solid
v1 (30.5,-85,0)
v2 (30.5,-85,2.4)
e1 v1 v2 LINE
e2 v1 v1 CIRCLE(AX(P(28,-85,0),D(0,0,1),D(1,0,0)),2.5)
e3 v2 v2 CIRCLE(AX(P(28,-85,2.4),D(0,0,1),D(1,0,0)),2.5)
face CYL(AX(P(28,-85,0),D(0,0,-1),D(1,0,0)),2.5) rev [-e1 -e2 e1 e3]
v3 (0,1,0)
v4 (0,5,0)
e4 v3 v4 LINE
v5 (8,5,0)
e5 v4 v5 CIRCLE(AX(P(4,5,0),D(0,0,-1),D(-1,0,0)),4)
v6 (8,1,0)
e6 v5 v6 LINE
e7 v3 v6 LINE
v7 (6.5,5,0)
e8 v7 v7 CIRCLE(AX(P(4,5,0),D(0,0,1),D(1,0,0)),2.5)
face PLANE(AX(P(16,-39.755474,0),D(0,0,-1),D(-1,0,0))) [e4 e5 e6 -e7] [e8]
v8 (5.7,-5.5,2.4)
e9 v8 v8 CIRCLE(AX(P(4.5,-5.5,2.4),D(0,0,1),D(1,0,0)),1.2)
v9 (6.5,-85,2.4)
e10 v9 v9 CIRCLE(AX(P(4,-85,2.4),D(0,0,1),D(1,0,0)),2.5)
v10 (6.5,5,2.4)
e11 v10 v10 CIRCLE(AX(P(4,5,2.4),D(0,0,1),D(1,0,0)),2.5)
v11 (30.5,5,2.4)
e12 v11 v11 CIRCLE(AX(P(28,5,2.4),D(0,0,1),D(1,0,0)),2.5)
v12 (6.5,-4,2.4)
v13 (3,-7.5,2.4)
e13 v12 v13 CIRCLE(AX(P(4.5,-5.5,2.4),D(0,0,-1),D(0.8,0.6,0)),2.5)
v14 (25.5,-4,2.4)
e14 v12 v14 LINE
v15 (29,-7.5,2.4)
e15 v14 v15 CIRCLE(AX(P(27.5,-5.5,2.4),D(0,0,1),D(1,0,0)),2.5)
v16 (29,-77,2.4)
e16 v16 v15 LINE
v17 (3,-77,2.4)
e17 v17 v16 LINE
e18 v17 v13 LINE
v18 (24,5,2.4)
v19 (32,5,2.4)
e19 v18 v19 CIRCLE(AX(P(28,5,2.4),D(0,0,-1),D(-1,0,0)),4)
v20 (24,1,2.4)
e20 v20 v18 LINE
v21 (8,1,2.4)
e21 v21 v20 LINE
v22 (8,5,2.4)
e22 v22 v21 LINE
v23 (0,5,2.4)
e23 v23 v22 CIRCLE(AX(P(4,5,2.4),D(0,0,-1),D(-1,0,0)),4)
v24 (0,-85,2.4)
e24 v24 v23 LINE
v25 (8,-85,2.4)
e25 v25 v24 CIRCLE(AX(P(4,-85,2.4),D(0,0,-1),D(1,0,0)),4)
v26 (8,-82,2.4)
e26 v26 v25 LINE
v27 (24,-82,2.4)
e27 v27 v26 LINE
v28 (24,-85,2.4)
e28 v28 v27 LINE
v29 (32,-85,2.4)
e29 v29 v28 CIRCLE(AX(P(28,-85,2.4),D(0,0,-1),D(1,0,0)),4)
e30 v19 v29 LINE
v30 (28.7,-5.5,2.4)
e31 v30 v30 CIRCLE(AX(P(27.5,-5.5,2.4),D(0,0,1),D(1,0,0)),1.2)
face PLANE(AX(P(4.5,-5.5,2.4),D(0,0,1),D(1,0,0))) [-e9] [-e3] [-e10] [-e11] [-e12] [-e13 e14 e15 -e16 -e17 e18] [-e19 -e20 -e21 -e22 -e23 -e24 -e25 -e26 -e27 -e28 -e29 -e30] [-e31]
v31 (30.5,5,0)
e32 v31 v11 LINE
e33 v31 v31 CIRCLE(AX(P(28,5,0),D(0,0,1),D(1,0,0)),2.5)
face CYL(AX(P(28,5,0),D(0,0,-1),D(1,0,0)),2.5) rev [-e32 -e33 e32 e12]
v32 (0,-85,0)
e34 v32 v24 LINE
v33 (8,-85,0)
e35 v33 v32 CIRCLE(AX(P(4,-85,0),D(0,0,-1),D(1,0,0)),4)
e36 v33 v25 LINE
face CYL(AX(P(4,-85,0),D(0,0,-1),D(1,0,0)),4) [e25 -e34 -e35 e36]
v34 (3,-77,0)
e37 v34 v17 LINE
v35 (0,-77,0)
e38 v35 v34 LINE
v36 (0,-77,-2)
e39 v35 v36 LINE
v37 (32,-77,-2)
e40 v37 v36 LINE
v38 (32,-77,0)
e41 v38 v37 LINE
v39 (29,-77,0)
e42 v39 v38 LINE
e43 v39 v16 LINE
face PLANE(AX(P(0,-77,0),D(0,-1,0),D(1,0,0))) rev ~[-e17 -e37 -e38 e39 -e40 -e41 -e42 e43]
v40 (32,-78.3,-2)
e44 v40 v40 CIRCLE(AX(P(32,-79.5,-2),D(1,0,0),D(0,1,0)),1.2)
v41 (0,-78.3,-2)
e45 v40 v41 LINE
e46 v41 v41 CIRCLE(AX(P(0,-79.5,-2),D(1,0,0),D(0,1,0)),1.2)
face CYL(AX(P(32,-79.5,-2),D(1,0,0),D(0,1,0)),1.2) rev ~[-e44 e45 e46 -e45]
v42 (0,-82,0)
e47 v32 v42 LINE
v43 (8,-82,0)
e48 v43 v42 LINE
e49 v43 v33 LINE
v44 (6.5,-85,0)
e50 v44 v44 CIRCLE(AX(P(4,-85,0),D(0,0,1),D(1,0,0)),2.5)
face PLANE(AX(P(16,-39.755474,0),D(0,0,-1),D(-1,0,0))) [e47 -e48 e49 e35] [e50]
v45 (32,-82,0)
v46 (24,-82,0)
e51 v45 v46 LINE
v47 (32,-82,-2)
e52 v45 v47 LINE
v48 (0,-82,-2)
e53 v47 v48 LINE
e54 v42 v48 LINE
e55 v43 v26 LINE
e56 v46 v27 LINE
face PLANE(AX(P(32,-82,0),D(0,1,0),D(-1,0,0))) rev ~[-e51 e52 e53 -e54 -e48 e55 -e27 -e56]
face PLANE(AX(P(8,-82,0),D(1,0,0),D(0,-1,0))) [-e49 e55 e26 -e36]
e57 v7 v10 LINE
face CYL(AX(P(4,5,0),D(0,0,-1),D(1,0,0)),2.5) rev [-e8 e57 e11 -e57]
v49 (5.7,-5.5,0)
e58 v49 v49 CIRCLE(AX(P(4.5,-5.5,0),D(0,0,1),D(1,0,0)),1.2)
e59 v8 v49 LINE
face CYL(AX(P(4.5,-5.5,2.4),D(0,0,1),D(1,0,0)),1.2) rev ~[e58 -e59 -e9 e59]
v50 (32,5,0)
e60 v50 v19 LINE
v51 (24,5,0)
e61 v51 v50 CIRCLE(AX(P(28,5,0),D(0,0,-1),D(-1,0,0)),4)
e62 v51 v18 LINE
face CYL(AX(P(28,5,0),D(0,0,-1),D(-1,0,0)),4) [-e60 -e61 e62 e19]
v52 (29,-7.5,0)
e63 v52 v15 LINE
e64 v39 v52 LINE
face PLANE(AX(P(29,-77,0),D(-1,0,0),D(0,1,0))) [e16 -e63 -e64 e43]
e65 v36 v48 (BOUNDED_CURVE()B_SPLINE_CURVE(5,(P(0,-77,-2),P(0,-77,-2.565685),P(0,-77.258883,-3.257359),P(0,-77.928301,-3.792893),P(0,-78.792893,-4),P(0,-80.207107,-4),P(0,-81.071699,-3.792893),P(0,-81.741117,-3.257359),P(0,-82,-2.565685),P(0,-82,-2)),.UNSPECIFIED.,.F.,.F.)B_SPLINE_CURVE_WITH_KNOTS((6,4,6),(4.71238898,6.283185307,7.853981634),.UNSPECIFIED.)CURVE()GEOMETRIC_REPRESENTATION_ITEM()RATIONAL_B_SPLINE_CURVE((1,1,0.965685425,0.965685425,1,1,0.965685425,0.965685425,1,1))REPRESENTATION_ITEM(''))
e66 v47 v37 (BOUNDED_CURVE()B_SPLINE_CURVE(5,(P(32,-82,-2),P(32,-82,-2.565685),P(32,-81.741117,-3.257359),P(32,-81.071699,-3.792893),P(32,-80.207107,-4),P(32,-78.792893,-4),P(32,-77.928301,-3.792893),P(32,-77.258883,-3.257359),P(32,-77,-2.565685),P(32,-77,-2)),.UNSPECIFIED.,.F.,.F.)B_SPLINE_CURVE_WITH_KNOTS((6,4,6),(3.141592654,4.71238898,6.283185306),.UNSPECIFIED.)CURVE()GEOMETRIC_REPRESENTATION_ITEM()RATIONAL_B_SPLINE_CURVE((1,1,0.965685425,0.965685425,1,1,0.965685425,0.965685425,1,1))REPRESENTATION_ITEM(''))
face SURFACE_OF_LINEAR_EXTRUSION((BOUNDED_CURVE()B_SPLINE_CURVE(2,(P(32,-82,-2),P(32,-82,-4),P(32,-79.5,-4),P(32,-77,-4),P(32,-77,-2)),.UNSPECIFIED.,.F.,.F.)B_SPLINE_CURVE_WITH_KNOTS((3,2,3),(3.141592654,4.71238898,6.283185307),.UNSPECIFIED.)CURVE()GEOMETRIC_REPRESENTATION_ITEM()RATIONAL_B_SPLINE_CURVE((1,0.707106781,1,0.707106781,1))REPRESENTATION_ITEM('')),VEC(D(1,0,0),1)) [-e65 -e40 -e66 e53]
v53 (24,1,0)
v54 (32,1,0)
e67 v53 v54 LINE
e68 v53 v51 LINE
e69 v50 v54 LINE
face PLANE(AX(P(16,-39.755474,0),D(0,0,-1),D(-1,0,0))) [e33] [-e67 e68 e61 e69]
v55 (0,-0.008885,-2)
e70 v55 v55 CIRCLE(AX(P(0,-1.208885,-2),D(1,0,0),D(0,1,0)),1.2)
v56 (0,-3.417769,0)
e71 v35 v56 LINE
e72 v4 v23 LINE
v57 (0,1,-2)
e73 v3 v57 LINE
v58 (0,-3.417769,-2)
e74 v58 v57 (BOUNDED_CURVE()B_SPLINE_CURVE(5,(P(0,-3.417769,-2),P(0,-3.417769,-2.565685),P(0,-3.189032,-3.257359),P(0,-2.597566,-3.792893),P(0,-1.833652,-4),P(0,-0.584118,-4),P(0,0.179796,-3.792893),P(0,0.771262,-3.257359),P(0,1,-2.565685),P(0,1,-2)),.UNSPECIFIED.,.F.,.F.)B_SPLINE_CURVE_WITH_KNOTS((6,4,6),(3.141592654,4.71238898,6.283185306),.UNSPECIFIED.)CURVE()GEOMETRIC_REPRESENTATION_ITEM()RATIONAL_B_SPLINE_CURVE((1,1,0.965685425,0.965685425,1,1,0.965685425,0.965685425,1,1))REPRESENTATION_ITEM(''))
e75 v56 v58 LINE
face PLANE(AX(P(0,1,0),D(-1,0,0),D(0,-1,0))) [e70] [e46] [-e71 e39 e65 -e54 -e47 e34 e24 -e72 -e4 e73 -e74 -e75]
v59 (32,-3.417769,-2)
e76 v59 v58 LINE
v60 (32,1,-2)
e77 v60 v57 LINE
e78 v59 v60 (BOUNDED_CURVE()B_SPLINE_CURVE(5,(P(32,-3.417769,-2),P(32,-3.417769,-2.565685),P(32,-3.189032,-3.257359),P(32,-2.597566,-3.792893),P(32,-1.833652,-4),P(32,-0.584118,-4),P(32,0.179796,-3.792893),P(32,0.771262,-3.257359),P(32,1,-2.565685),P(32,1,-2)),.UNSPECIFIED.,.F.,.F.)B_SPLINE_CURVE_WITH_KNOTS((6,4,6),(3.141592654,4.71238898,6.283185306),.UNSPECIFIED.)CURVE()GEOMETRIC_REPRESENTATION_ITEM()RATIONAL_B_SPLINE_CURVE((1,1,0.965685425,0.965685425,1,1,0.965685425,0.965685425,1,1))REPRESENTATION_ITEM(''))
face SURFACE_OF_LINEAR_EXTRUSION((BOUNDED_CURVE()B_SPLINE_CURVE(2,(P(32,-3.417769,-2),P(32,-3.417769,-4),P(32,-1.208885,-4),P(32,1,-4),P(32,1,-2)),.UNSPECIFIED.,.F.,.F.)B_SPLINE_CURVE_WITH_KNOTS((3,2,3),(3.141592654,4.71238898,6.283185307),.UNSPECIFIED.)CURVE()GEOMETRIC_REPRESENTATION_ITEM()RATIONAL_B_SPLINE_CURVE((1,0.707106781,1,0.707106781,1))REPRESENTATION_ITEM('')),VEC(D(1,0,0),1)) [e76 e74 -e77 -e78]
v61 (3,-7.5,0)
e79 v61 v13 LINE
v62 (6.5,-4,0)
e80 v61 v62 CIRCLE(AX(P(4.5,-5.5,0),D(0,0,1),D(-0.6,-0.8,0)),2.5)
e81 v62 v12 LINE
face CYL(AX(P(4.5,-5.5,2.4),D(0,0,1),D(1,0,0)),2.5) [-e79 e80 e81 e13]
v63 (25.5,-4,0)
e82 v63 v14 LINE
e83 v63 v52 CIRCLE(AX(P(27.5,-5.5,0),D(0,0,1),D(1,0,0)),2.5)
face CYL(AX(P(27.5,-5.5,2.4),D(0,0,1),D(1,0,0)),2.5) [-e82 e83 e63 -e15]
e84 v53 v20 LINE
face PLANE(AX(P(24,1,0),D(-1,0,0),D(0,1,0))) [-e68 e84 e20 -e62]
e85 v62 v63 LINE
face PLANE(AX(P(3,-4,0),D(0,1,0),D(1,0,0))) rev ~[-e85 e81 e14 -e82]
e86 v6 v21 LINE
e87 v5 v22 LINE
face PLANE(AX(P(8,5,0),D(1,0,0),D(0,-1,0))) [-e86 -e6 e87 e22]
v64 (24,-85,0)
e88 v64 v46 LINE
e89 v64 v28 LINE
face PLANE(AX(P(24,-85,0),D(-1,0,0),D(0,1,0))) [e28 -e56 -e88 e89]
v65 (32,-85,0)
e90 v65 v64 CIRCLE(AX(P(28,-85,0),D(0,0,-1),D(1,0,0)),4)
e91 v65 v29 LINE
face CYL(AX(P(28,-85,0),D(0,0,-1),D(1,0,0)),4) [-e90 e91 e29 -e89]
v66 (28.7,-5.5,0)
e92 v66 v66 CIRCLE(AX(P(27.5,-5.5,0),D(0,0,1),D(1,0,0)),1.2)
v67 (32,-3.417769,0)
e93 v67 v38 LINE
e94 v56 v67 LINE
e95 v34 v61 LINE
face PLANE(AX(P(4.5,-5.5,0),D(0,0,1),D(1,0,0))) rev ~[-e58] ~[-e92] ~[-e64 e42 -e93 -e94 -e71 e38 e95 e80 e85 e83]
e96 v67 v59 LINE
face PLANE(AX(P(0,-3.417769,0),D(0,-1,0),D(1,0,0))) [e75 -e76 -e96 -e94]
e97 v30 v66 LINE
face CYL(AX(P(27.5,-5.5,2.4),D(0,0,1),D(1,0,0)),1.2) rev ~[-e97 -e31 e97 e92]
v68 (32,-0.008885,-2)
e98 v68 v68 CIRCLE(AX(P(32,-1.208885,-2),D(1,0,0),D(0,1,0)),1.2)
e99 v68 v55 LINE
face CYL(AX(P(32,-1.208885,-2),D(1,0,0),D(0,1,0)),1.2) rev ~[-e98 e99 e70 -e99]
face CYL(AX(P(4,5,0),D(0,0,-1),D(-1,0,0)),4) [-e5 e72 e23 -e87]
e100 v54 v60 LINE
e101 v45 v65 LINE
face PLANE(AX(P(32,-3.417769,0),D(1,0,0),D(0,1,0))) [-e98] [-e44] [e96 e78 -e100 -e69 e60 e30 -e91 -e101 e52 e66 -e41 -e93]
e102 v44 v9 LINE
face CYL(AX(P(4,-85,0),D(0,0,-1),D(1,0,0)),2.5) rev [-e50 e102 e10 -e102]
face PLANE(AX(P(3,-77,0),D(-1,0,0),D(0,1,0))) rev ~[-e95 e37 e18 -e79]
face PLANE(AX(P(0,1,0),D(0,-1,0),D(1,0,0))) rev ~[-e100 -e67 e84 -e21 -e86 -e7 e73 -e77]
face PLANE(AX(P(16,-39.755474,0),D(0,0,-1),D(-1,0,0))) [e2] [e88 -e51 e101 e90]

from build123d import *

# Parameters (mm, degrees)
SKETCH1_R           = 2.5
SKETCH1_W           = 26
SKETCH1_H           = 73
BOSS_EXTRUDE1_DEPTH = 2.4
BOSS_EXTRUDE2_DEPTH = 4
SKETCH4_R           = 1.2
CUT_EXTRUDE1_DEPTH  = 32
SKETCH5_R           = 1.2
CUT_EXTRUDE2_DEPTH  = 32
SKETCH6_R           = 2.5
BOSS_EXTRUDE3_DEPTH = 2.4
SKETCH7_R           = 1.2
CUT_EXTRUDE3_DEPTH  = 2.4


with BuildPart() as part:
    # Sketch1 → Boss-Extrude1 (new body)
    with BuildSketch(Plane.XY):
        with BuildLine():
            Line((8, 1), (24, 1))
            Line((24, 1), (24, 5))
            ThreePointArc((24, 5), (28, 9), (32, 5))
            Line((32, 5), (32, 0))
            Line((32, 0), (32, -80))
            Line((32, -80), (32, -85))
            ThreePointArc((32, -85), (28, -89), (24, -85))
            Line((24, -85), (24, -82))
            Line((24, -82), (8, -82))
            Line((8, -82), (8, -85))
            ThreePointArc((8, -85), (4, -89), (0, -85))
            Line((0, -85), (0, -80))
            Line((0, -80), (0, 0))
            Line((0, 0), (0, 5))
            ThreePointArc((0, 5), (4, 9), (8, 5))
            Line((8, 5), (8, 1))
        make_face()
        with Locations((4, 5)):
            Circle(SKETCH1_R, mode=Mode.SUBTRACT)
        with Locations((28, 5)):
            Circle(SKETCH1_R, mode=Mode.SUBTRACT)
        with Locations((28, -85)):
            Circle(SKETCH1_R, mode=Mode.SUBTRACT)
        with Locations((4, -85)):
            Circle(SKETCH1_R, mode=Mode.SUBTRACT)
        with Locations((16, -40.5)):
            Rectangle(SKETCH1_W, SKETCH1_H, mode=Mode.SUBTRACT)
    extrude(amount=BOSS_EXTRUDE1_DEPTH)

    # Sketch3 → Boss-Extrude2 (add)
    with BuildSketch(Plane(origin=(0, 0, 0), x_dir=(-1, 0, 0), z_dir=(0, 0, -1))):
        Polygon((0, -3.417769462), (-32, -3.417769462), (-32, 1), (-24, 1), (0, 1), align=None)
        Polygon((-29, -77), (-8, -77), (0, -77), (0, -82), (-8, -82), (-32, -82), (-32, -77), align=None)
    extrude(amount=BOSS_EXTRUDE2_DEPTH)

    # Sketch4 → Cut-Extrude1 (cut)
    with BuildSketch(Plane(origin=(32, 0, 0), x_dir=(0, 0, -1), z_dir=(1, 0, 0))):
        with Locations(Location((2, -1.208884731, 0), (0, 0, 90))):
            Circle(SKETCH4_R)
        with BuildLine():
            Line((2, 1), (3.187335187, 3.129123663))
            Line((3.187335187, 3.129123663), (6.104231783, 0.827853484))
            Line((6.104231783, 0.827853484), (6.104231783, -5.123201884))
            Line((6.104231783, -5.123201884), (2, -5.123201884))
            Line((2, -5.123201884), (2, -3.417769462))
            add(Edge.make_bspline(
                [(2, -3.417769462), (4, -3.417769462), (4, -1.208884731), (4, 1), (2, 1)],
                knots=[3.141592654, 3.141592654, 3.141592654, 4.71238898, 4.71238898, 6.283185307, 6.283185307, 6.283185307], degree=2, weights=[1, 0.707106781, 1, 0.707106781, 1]))
        make_face()
    extrude(amount=-CUT_EXTRUDE1_DEPTH, mode=Mode.SUBTRACT)

    # Sketch5 → Cut-Extrude2 (cut)
    with BuildSketch(Plane(origin=(32, 0, 0), x_dir=(0, 0, -1), z_dir=(1, 0, 0))):
        with Locations(Location((2, -79.5, 0), (0, 0, 90))):
            Circle(SKETCH5_R)
        with BuildLine():
            Line((2, -77), (2, -72.799584349))
            Line((2, -72.799584349), (8.579388068, -72.799584349))
            Line((8.579388068, -72.799584349), (8.579388068, -85.039779738))
            Line((8.579388068, -85.039779738), (2, -85.039779738))
            Line((2, -85.039779738), (2, -82))
            add(Edge.make_bspline(
                [(2, -82), (4, -82), (4, -79.5), (4, -77), (2, -77)],
                knots=[3.141592654, 3.141592654, 3.141592654, 4.71238898, 4.71238898, 6.283185307, 6.283185307, 6.283185307], degree=2, weights=[1, 0.707106781, 1, 0.707106781, 1]))
        make_face()
    extrude(amount=-CUT_EXTRUDE2_DEPTH, mode=Mode.SUBTRACT)

    # Sketch6 → Boss-Extrude3 (add)
    with BuildSketch(Plane.XY.offset(2.4)):
        with Locations((4.5, -5.5)):
            Circle(SKETCH6_R)
        with Locations((27.5, -5.5)):
            Circle(SKETCH6_R)
    extrude(amount=-BOSS_EXTRUDE3_DEPTH)

    # Sketch7 → Cut-Extrude3 (cut)
    with BuildSketch(Plane.XY.offset(2.4)):
        with Locations((4.5, -5.5)):
            Circle(SKETCH7_R)
        with Locations((27.5, -5.5)):
            Circle(SKETCH7_R)
    extrude(amount=-CUT_EXTRUDE3_DEPTH, mode=Mode.SUBTRACT)


solid = part.part
